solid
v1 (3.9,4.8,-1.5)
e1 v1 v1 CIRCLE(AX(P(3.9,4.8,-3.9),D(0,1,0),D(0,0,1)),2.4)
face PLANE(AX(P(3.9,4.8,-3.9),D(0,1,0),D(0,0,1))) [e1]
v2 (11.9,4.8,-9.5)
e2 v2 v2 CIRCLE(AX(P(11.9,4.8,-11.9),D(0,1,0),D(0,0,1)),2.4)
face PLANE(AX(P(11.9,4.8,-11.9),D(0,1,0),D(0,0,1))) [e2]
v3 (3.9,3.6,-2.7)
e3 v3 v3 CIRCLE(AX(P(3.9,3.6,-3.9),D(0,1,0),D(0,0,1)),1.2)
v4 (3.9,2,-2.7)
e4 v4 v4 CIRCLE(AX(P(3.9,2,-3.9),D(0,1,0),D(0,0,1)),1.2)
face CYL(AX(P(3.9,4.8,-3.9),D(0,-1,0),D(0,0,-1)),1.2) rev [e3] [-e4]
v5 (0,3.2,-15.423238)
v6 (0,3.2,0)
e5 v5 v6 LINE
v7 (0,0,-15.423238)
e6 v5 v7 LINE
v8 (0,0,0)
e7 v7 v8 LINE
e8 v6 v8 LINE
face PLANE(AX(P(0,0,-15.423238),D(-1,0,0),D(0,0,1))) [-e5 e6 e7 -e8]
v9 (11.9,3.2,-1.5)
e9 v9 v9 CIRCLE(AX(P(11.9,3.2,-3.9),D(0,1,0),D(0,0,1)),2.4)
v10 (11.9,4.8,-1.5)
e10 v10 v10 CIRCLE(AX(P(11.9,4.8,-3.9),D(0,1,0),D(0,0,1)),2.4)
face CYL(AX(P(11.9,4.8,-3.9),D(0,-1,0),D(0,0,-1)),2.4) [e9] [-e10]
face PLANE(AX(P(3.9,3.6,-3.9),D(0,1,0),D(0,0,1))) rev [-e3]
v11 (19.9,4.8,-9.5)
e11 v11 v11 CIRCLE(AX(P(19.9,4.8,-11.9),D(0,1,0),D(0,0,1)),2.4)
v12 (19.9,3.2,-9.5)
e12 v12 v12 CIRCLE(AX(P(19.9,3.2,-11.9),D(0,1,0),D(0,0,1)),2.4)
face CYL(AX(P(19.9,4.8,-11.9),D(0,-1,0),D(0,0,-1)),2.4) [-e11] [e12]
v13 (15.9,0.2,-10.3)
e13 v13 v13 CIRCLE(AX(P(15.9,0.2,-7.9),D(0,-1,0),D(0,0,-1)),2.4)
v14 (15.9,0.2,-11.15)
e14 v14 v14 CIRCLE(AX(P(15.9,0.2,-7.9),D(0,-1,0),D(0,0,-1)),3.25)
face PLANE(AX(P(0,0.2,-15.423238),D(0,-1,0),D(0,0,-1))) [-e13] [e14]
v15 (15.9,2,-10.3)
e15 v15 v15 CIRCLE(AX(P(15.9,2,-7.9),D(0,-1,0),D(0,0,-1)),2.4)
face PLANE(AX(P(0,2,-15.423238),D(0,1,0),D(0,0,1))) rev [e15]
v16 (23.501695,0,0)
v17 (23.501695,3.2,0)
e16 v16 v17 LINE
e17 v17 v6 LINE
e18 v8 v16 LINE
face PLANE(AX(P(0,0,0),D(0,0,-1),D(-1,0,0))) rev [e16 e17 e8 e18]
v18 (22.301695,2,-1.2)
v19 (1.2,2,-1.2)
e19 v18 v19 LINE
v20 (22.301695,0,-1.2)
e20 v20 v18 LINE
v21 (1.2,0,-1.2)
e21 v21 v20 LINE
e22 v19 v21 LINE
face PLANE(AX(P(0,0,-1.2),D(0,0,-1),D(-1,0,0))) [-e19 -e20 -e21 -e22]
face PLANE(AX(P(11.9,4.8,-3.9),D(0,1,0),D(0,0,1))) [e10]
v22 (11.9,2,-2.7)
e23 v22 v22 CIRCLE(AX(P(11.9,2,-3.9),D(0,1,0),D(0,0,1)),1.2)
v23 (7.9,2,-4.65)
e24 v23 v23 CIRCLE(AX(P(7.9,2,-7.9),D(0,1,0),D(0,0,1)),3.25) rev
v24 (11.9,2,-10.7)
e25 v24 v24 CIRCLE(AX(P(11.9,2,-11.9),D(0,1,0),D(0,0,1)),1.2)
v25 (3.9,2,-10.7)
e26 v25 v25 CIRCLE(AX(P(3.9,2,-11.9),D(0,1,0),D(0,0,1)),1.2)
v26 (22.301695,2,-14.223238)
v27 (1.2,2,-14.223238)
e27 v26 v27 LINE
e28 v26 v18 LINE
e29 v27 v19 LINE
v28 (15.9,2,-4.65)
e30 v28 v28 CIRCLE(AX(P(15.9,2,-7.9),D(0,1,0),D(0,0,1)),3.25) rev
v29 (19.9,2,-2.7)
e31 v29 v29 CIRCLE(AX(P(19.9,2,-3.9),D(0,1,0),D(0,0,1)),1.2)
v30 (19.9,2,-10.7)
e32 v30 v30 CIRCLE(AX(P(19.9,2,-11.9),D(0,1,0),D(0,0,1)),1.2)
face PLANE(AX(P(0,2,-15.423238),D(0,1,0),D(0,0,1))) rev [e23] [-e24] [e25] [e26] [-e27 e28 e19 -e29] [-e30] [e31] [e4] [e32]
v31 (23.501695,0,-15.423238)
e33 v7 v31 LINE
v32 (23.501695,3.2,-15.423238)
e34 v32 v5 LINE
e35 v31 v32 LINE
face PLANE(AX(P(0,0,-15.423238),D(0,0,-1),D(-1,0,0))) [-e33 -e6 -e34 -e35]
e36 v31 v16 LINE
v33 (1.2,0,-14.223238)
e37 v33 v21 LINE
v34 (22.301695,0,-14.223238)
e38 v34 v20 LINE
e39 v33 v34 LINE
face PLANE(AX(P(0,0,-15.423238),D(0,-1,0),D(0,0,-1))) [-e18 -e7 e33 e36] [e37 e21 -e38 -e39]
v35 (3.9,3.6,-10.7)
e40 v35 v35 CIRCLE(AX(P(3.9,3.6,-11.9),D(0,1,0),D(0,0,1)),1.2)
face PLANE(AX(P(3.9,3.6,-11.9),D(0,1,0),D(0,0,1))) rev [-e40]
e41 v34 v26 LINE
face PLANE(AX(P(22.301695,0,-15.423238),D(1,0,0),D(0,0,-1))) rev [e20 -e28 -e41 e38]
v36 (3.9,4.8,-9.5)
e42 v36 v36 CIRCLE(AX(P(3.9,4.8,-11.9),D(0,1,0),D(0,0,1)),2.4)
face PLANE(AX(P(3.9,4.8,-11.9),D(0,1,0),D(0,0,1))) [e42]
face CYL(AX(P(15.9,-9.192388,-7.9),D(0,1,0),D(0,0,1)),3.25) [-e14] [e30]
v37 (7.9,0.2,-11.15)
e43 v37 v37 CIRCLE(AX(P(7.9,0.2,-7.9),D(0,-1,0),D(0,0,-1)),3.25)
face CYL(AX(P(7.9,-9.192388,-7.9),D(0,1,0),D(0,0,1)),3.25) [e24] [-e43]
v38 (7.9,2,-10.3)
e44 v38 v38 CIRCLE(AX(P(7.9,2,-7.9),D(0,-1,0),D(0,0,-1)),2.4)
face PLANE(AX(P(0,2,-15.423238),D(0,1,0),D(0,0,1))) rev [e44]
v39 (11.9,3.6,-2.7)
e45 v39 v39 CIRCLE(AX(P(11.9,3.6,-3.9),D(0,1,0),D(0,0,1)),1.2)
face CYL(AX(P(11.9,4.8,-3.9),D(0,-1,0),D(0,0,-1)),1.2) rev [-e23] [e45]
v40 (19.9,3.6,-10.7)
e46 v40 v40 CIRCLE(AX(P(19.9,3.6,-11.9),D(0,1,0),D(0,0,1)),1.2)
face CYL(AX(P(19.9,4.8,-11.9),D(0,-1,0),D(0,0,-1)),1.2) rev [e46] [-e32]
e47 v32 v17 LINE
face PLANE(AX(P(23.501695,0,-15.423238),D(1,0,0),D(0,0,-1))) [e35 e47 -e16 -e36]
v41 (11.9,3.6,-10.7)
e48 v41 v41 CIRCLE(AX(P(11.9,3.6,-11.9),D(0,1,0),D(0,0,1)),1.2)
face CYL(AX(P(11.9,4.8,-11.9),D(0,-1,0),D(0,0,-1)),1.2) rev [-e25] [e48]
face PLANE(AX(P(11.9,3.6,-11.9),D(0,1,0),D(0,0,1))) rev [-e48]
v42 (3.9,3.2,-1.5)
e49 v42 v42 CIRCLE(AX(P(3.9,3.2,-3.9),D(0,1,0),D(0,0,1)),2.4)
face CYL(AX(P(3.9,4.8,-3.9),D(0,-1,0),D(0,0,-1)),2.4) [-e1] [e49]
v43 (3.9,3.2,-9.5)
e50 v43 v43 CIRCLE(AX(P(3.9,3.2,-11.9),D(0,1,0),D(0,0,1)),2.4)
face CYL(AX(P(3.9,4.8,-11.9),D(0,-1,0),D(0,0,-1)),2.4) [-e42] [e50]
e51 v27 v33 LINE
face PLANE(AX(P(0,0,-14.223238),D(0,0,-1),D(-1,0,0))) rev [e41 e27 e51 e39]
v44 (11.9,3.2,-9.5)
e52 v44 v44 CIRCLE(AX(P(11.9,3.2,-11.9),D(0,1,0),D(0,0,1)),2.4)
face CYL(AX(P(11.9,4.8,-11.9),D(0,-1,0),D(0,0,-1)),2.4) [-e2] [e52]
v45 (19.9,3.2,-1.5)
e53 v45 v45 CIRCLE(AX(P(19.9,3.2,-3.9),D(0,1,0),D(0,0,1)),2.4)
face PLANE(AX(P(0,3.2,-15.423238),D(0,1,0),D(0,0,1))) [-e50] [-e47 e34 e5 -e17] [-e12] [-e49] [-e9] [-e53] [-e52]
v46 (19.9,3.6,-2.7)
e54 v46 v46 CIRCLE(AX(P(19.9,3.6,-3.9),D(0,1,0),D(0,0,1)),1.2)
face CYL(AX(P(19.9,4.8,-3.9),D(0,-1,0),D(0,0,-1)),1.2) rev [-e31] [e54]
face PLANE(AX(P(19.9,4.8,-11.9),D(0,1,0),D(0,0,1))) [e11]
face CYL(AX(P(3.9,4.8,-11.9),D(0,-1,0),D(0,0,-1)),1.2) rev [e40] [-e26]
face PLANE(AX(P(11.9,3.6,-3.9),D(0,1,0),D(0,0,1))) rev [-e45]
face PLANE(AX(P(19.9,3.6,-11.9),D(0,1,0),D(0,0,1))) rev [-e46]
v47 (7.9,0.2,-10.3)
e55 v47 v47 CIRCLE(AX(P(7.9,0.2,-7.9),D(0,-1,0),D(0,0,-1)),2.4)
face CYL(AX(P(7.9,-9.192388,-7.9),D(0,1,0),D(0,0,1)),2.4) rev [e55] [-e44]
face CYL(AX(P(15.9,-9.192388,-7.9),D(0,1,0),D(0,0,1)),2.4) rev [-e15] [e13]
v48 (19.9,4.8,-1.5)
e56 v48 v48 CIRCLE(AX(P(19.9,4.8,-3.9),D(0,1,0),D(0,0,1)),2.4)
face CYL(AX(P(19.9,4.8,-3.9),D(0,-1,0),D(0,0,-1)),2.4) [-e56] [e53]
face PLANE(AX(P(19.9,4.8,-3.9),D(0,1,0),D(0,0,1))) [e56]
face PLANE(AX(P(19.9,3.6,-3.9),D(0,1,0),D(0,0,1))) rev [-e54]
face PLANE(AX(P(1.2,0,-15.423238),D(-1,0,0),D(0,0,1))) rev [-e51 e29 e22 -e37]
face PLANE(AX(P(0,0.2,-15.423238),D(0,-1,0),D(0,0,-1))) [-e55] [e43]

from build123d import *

# Parameters (mm, degrees)
SKETCH1_W            = 23.501694604
SKETCH1_H            = 3.2
BOSS_EXTRUDE1_DEPTH  = 15.423238167
SKETCH2_R            = 2.4
BOSS_EXTRUDE2_DEPTH  = 1.6
LPATTERN1_COUNT      = 2
LPATTERN1_PITCH      = 8
LPATTERN1_COUNT_DIR2 = 4
LPATTERN1_PITCH_DIR2 = 8
SHELL1_T             = -1.2
SKETCH4_R            = 3.25
SKETCH4_R_2          = 2.4
BOSS_EXTRUDE3_DEPTH  = 1.8
LPATTERN2_COUNT      = 2
LPATTERN2_PITCH      = 8


with BuildPart() as part:
    # Sketch1 → Boss-Extrude1 (new body)
    with BuildSketch(Plane.XY):
        with Locations((11.750847302, 1.6)):
            Rectangle(SKETCH1_W, SKETCH1_H)
    extrude(amount=-BOSS_EXTRUDE1_DEPTH)

    # Sketch2 → Boss-Extrude2 (add)
    with BuildSketch(Plane(origin=(0, 3.2, 0), x_dir=(1, 0, 0), z_dir=(0, 1, 0))):
        with Locations(Location((3.9, 3.9, 0), (0, 0, 270))):
            Circle(SKETCH2_R)
    boss_extrude2 = extrude(amount=BOSS_EXTRUDE2_DEPTH)

    # LPattern1: Boss-Extrude2 2 × 4, 2 skipped
    with Locations(*[(j * LPATTERN1_PITCH_DIR2, 0, -i * LPATTERN1_PITCH) for i in range(LPATTERN1_COUNT) for j in range(LPATTERN1_COUNT_DIR2) if (i, j) not in ((0, 0), (0, 3), (1, 3))]):
        add(boss_extrude2)

    # Shell1
    shell1_openings = [part.faces().sort_by_distance(p)[0] for p in [
        (11.750847302, 0, -7.711619084),
    ]]
    offset(amount=SHELL1_T, openings=shell1_openings, kind=Kind.INTERSECTION)

    # Sketch4 → Boss-Extrude3 (add)
    with BuildSketch(Plane.XZ.offset(-2)):
        with Locations(Location((7.9, -7.9, 0), (0, 0, 90))):
            Circle(SKETCH4_R)
        with Locations(Location((7.9, -7.9, 0), (0, 0, 270))):
            Circle(SKETCH4_R_2, mode=Mode.SUBTRACT)
    boss_extrude3 = extrude(amount=BOSS_EXTRUDE3_DEPTH)

    # LPattern2: Boss-Extrude3 ×2
    with Locations(*[(i * LPATTERN2_PITCH, 0, 0) for i in range(1, LPATTERN2_COUNT)]):
        add(boss_extrude3)


solid = part.part
